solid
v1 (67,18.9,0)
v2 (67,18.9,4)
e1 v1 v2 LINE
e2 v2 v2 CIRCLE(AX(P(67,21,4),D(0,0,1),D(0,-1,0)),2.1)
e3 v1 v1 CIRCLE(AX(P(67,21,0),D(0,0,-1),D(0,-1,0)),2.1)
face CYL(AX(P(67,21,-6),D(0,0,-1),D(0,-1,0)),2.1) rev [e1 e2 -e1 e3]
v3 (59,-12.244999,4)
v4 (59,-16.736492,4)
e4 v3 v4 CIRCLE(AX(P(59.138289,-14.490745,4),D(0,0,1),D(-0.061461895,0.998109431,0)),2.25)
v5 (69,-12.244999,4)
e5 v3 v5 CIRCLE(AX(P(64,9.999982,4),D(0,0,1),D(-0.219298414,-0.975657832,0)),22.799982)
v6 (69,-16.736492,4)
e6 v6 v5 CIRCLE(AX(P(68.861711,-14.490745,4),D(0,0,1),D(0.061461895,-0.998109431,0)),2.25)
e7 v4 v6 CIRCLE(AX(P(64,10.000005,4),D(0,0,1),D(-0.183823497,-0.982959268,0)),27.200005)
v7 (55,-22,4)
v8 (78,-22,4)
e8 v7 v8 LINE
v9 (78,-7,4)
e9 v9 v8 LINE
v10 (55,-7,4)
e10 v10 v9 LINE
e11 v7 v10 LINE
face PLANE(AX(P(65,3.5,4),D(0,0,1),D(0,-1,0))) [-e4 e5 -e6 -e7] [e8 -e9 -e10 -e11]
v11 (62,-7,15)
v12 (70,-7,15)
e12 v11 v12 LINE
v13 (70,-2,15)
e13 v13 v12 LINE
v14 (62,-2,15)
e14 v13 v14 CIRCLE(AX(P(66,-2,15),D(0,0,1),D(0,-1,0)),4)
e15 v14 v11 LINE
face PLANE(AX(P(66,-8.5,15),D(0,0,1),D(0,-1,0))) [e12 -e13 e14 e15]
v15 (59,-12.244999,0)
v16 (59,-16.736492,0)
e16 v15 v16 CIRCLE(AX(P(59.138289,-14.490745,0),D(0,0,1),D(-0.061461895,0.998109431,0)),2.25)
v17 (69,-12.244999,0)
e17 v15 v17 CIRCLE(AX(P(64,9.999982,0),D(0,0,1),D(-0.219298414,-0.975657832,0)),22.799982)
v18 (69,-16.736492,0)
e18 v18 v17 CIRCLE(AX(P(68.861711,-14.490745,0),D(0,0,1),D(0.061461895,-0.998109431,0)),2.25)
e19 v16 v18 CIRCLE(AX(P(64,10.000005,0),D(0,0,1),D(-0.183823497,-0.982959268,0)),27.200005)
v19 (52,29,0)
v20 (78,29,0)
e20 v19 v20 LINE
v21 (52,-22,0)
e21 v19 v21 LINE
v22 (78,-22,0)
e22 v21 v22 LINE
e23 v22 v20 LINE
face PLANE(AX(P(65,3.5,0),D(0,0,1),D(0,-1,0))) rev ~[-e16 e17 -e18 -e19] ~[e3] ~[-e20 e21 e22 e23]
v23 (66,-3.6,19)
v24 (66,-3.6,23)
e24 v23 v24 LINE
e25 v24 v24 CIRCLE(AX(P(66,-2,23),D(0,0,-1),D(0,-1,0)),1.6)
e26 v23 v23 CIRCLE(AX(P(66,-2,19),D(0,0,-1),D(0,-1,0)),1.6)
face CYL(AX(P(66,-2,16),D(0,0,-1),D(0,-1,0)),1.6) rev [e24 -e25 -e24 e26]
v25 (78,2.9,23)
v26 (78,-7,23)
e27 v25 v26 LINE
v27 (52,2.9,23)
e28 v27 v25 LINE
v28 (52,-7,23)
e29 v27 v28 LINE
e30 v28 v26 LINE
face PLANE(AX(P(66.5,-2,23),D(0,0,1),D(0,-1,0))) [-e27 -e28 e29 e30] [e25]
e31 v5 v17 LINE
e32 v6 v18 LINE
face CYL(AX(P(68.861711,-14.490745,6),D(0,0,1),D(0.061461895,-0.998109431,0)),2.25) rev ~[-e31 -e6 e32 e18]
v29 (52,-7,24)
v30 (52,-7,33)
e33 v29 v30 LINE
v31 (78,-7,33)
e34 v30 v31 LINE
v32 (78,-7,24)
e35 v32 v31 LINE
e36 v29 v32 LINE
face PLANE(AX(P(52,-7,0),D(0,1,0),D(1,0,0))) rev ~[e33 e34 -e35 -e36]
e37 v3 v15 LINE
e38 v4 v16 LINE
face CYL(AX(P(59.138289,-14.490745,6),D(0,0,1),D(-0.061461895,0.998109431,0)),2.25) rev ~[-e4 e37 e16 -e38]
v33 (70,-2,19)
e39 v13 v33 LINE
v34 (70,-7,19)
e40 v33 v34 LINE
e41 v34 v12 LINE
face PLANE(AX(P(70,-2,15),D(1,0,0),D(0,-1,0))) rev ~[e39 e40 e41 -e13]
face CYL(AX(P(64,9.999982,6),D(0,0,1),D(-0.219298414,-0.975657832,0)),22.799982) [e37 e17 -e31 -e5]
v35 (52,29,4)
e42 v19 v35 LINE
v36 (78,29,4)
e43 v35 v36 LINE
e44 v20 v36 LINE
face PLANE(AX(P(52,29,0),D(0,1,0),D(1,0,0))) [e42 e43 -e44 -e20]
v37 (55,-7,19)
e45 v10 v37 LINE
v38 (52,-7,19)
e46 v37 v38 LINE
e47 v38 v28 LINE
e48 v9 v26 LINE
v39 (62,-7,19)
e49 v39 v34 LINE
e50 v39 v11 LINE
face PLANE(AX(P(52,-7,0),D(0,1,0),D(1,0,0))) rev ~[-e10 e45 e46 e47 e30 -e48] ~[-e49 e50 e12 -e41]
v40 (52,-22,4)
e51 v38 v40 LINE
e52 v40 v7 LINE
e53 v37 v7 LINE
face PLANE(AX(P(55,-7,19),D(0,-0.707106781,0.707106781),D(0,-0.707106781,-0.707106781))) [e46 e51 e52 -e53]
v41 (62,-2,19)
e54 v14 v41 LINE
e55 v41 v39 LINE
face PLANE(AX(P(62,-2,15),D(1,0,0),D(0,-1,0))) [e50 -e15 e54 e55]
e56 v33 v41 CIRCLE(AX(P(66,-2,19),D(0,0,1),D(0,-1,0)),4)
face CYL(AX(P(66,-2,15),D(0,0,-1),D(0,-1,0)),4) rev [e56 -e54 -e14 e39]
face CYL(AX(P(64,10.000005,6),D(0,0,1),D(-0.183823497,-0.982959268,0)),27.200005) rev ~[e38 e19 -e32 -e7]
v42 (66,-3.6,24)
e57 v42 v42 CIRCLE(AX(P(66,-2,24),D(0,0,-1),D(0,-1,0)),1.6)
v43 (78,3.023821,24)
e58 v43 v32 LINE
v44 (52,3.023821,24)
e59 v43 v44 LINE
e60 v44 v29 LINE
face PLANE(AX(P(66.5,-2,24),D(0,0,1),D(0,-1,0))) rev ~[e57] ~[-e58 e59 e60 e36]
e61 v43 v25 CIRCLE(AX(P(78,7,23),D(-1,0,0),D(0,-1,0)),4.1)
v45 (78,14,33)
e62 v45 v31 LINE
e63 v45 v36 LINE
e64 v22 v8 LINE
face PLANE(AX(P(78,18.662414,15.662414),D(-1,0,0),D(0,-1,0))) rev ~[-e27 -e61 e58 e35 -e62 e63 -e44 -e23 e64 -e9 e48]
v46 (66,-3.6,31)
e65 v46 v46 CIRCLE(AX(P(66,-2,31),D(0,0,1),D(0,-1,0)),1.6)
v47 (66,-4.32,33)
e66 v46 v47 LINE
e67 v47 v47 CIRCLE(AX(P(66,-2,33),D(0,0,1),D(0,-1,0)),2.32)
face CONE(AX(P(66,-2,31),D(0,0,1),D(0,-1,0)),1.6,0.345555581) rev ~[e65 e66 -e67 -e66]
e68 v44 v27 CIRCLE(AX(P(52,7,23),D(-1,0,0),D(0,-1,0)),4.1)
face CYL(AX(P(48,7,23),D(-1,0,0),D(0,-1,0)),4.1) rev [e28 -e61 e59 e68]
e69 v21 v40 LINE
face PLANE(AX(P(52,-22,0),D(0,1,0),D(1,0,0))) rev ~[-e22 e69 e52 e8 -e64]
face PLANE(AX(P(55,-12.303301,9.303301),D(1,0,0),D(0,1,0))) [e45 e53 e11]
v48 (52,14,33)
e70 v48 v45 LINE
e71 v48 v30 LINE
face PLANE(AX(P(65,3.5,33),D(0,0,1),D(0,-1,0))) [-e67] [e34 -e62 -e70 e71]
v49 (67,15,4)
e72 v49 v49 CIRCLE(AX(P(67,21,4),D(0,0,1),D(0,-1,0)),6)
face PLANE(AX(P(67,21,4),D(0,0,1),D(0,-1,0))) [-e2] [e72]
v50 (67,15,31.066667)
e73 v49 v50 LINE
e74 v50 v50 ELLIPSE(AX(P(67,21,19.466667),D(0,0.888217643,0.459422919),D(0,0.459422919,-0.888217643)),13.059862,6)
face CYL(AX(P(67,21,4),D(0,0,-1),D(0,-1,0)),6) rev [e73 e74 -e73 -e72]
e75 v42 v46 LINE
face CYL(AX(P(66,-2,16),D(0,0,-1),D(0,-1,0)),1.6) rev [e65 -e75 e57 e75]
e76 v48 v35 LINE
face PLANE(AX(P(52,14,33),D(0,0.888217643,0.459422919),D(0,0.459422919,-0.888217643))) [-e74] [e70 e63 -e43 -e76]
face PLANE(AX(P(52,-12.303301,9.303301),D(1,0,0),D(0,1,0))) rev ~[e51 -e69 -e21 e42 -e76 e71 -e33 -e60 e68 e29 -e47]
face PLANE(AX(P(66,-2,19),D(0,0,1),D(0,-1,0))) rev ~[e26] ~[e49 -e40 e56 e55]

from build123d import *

# Parameters (mm, degrees)
CYLINDER112_R              = 6
CYLINDER112_DEPTH          = 30
CYLINDER114_R              = 2.1
CYLINDER114_DEPTH          = 10
CYLINDER113_R              = 1.6
CYLINDER113_DEPTH          = 15
CYLINDER116_R              = 4
CYLINDER116_DEPTH          = 4
BOX041_W                   = 13
BOX041_H                   = 8
BOX041_DEPTH               = 4
EXTRUDE034_DEPTH           = 3
EXTRUDE034_PLACEMENT_ANGLE = 180
EXTRUDE033_DEPTH           = 10
BOX039_W                   = 51
BOX039_H                   = 26
BOX039_DEPTH               = 4
EXTRUDE032_DEPTH           = 26
CYLINDER115_R              = 4.1
CYLINDER115_DEPTH          = 240
BOX040_W                   = 12
BOX040_H                   = 35
BOX040_DEPTH               = 1
BOX042_W                   = 21
BOX042_H                   = 26
BOX042_DEPTH               = 33
CUT101_PLACEMENT_ANGLE     = 90


with BuildPart() as cylinder112:
    # Cylinder112 → Cylinder112 (new body)
    with BuildSketch(Plane.XY.offset(10)):
        Circle(CYLINDER112_R)
    extrude(amount=CYLINDER112_DEPTH)


with BuildPart() as fusion051:
    # Cylinder114 → Cylinder114 (new body)
    with BuildSketch(Plane.XY):
        Circle(CYLINDER114_R)
    extrude(amount=CYLINDER114_DEPTH)

    # Fusion051: union Cylinder112
    add(cylinder112.part)


with BuildPart() as fusion051_1:
    # Fusion051 placement: moved
    add(fusion051.part.moved(Location((-14, 12, -29))))


with BuildPart() as cylinder113:
    # Cylinder113 → Cylinder113 (new body)
    with BuildSketch(Plane.XY):
        Circle(CYLINDER113_R)
    extrude(amount=CYLINDER113_DEPTH)


with BuildPart() as fusion053:
    # Cone013 → Cone013 (revolve)
    with BuildSketch(Plane(origin=(0, 0, 15), x_dir=(1, 0, 0), z_dir=(0, -1, 0))):
        Polygon((0, 0), (1.6, 0), (2.5, 2.5), (0, 2.5), align=None)
    revolve(axis=Axis((0, 0, 15), (0, 0, 1)))

    # Fusion053: union Cylinder113
    add(cylinder113.part)


with BuildPart() as fusion053_1:
    # Fusion053 placement: moved
    add(fusion053.part.moved(Location((9, 11, -7))))


with BuildPart() as cylinder116:
    # Cylinder116 → Cylinder116 (new body)
    with BuildSketch(Plane(origin=(9, 11, -8), x_dir=(1, 0, 0), z_dir=(0, 0, 1))):
        Circle(CYLINDER116_R)
    extrude(amount=CYLINDER116_DEPTH)


with BuildPart() as fusion055:
    # Box041 → Box041 (new body)
    with BuildSketch(Plane(origin=(9, 7, -8), x_dir=(1, 0, 0), z_dir=(0, 0, 1))):
        with Locations((6.5, 4)):
            Rectangle(BOX041_W, BOX041_H)
    extrude(amount=BOX041_DEPTH)

    # Fusion055: union Cylinder116
    add(cylinder116.part)


with BuildPart() as extrude034:
    # Sketch026 → Extrude034 (new body)
    with BuildSketch(Plane.XZ):
        Polygon((-22, -19), (-7, -19), (-7, -4), align=None)
    extrude(amount=-EXTRUDE034_DEPTH)


with BuildPart() as extrude034_1:
    # Extrude034 placement: moved
    add(extrude034.part.moved(Location((7, 0, 0))).rotate(Axis((7, 0, 0), (0, 0, 1)), EXTRUDE034_PLACEMENT_ANGLE))


with BuildPart() as extrude033:
    # Sketch025 → Extrude033 (new body)
    with BuildSketch(Plane.XY):
        with BuildLine():
            ThreePointArc((35.736492, 10), (36.2, 15), (35.736492, 20))
            ThreePointArc((35.736492, 20), (33.490746, 22.111711), (31.244999, 20))
            ThreePointArc((31.244999, 10), (31.8, 15), (31.244999, 20))
            ThreePointArc((31.244999, 10), (33.490746, 7.888289), (35.736492, 10))
        make_face()
    extrude(amount=-EXTRUDE033_DEPTH)


with BuildPart() as extrude033_1:
    # Extrude033 placement: moved
    add(extrude033.part.moved(Location((-12, -3, -17))))


with BuildPart() as cut099:
    # Box039 → Box039 (new body)
    with BuildSketch(Plane(origin=(-22, 0, -23), x_dir=(1, 0, 0), z_dir=(0, 0, 1))):
        with Locations((25.5, 13)):
            Rectangle(BOX039_W, BOX039_H)
    extrude(amount=BOX039_DEPTH)

    # Cut099: cut Extrude033
    add(extrude033_1.part, mode=Mode.SUBTRACT)


with BuildPart() as cut099_1:
    # Cut099 placement: moved
    add(cut099.part.moved(Location((0, -3, 0))))


with BuildPart() as extrude032:
    # Sketch027 → Extrude032 (new body)
    with BuildSketch(Plane.XZ):
        Polygon((-22, -19), (-7, -19), (-7, 10), align=None)
    extrude(amount=-EXTRUDE032_DEPTH)


with BuildPart() as extrude032_1:
    # Extrude032 placement: moved
    add(extrude032.part.moved(Location((0, -3, 0))))


with BuildPart() as cylinder115:
    # Cylinder115 → Cylinder115 (new body)
    with BuildSketch(Plane(origin=(0, -7, 0), x_dir=(1, 0, 0), z_dir=(0, 1, 0))):
        Circle(CYLINDER115_R)
    extrude(amount=CYLINDER115_DEPTH)


with BuildPart() as box040:
    # Box040 → Box040 (new body)
    with BuildSketch(Plane(origin=(3, -6, 0), x_dir=(1, 0, 0), z_dir=(0, 0, 1))):
        with Locations((6, 17.5)):
            Rectangle(BOX040_W, BOX040_H)
    extrude(amount=BOX040_DEPTH)


with BuildPart() as cut101:
    # Box042 → Box042 (new body)
    with BuildSketch(Plane(origin=(-7, -3, -23), x_dir=(1, 0, 0), z_dir=(0, 0, 1))):
        with Locations((10.5, 13)):
            Rectangle(BOX042_W, BOX042_H)
    extrude(amount=BOX042_DEPTH)

    # Cut100: cut Box040
    add(box040.part, mode=Mode.SUBTRACT)

    # Cut102: cut Cylinder115
    add(cylinder115.part, mode=Mode.SUBTRACT)

    # Fusion052: union Cut099, Extrude032
    add(cut099_1.part)
    add(extrude032_1.part)

    # Fusion054: union Extrude034
    add(extrude034_1.part)

    # Cut098: cut Fusion055
    add(fusion055.part, mode=Mode.SUBTRACT)

    # Cut103: cut Fusion053
    add(fusion053_1.part, mode=Mode.SUBTRACT)

    # Cut101: cut Fusion051
    add(fusion051_1.part, mode=Mode.SUBTRACT)


with BuildPart() as cut101_1:
    # Cut101 placement: moved
    add(cut101.part.moved(Location((55, 7, 23))).rotate(Axis((55, 7, 23), (0, 0, -1)), CUT101_PLACEMENT_ANGLE))


solid = cut101_1.part
